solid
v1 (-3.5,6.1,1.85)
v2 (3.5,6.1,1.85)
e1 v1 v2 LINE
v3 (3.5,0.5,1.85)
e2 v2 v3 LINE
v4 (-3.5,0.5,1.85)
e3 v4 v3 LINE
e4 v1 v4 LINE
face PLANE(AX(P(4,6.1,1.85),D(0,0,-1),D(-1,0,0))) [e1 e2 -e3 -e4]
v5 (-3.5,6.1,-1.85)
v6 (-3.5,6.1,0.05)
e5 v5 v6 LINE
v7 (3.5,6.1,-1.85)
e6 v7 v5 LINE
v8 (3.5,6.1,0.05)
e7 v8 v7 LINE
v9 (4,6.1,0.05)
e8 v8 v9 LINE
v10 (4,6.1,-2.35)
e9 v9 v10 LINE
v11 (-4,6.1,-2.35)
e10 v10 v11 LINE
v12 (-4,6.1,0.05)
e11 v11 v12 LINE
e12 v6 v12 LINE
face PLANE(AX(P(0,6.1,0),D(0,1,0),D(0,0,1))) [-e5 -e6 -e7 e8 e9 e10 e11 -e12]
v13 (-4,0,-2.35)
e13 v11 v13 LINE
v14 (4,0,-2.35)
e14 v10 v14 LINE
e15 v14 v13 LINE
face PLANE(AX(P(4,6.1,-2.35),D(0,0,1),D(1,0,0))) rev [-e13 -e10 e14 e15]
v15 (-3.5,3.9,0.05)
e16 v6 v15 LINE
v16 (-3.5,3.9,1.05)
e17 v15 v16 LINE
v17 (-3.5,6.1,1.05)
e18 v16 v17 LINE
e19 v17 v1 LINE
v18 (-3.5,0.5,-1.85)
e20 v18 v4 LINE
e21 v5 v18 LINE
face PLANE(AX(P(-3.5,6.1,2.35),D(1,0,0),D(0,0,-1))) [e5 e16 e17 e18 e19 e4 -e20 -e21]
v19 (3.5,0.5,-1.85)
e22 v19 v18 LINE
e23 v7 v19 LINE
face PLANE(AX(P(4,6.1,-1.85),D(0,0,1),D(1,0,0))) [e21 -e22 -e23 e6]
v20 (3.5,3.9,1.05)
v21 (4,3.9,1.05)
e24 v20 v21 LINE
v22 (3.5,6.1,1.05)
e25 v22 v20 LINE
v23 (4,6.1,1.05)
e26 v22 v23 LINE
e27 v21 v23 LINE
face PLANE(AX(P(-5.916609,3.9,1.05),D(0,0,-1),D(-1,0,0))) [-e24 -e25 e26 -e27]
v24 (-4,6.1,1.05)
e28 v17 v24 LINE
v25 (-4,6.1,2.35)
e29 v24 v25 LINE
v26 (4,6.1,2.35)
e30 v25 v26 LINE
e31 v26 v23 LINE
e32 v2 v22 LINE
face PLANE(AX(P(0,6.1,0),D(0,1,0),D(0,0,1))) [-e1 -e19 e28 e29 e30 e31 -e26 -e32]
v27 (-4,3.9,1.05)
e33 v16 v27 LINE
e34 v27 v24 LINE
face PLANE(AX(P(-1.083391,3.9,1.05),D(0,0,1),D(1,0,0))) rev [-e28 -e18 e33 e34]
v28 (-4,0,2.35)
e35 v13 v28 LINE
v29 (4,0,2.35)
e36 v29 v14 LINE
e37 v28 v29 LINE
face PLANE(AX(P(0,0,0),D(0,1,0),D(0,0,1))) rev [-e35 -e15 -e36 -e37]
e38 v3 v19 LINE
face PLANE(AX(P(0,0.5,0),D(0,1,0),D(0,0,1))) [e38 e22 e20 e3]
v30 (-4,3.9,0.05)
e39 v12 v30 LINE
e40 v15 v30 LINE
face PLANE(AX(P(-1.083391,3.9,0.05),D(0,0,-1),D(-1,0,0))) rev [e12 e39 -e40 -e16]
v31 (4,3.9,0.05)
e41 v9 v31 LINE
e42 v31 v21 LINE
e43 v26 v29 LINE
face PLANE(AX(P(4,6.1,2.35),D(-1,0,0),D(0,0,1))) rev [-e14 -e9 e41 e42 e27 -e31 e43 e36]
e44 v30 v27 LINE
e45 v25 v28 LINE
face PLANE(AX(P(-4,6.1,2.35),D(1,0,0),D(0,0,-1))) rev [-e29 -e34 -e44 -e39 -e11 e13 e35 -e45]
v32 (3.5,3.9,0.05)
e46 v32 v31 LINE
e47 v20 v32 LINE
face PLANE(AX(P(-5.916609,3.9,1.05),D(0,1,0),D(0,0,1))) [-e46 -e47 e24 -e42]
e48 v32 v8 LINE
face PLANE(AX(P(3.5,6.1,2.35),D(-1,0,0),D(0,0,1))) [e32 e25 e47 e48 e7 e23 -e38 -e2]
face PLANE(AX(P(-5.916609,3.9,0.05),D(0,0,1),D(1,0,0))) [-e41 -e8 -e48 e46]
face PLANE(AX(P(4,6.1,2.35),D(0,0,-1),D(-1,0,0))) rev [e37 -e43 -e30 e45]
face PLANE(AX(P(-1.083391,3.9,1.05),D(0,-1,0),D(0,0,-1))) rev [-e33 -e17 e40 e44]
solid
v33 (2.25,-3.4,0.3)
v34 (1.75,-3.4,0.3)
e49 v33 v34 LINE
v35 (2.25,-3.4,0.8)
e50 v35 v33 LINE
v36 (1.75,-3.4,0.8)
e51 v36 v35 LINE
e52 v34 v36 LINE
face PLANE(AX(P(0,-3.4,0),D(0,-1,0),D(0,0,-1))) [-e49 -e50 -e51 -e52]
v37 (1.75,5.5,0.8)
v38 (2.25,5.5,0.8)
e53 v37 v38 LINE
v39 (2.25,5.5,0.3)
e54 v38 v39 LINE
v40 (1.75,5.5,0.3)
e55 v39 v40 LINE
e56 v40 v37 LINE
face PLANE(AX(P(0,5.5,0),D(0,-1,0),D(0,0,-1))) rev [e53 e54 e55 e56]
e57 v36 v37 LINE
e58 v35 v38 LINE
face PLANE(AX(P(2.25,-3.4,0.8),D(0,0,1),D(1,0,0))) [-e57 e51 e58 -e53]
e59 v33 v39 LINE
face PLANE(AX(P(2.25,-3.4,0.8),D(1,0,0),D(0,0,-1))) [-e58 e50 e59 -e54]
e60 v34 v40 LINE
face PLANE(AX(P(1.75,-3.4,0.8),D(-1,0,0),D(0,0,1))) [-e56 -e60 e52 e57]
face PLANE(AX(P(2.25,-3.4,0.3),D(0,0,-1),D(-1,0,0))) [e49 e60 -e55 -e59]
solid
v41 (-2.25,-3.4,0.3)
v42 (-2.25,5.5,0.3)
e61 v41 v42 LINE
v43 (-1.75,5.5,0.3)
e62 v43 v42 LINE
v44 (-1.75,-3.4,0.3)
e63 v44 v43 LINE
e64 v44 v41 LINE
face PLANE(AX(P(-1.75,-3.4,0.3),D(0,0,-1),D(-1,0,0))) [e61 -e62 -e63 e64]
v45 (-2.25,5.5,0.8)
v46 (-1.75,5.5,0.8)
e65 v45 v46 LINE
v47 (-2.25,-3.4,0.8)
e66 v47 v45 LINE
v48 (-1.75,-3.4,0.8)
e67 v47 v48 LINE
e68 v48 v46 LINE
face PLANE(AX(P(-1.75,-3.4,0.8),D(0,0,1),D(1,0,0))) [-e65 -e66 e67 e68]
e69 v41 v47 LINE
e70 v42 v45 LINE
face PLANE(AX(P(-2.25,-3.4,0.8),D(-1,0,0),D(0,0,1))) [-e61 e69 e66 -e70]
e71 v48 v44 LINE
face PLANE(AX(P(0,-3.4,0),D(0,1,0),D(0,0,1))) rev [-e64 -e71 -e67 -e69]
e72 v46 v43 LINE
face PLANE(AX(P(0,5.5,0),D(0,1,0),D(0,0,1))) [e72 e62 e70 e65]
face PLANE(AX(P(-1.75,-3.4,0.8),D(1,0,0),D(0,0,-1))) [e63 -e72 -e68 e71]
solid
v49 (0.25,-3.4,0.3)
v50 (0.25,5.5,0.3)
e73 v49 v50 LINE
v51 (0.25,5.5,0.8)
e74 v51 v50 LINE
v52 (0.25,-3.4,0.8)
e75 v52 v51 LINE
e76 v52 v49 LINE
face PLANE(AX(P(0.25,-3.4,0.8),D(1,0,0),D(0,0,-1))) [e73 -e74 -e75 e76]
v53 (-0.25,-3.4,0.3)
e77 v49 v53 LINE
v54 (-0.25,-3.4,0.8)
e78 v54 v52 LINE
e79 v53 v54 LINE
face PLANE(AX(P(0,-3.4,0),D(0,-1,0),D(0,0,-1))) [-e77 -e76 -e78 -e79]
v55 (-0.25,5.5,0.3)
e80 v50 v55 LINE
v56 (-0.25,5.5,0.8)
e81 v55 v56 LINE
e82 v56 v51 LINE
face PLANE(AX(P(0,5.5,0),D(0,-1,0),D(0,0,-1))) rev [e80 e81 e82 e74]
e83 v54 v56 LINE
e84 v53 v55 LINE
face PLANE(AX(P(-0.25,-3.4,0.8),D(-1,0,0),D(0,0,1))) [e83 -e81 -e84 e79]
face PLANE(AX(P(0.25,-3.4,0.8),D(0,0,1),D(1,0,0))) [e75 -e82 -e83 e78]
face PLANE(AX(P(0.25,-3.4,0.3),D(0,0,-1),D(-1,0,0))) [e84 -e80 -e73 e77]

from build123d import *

# Parameters (mm, degrees)
SKETCH1_W                  = 8
SKETCH1_H                  = 4.7
BOSS_EXTRUDE1_DEPTH        = 6.1
SHELL1_T                   = -0.5
SKETCH2_W                  = 0.5
SKETCH2_H                  = 0.5
BOSS_EXTRUDE2_DEPTH        = 5
BOSS_EXTRUDE2_DEPTH_BACK   = 3.9
BOSS_EXTRUDE2_2_DEPTH      = 5
BOSS_EXTRUDE2_2_DEPTH_BACK = 3.9
BOSS_EXTRUDE2_3_DEPTH      = 5
BOSS_EXTRUDE2_3_DEPTH_BACK = 3.9
SKETCH3_W                  = 1
SKETCH3_H                  = 2.2
CUT_EXTRUDE1_DEPTH         = 7.5


with BuildPart() as part:
    # Sketch1 → Boss-Extrude1 (new body)
    with BuildSketch(Plane(origin=(0, 0, 0), x_dir=(1, 0, 0), z_dir=(0, 1, 0))):
        Rectangle(SKETCH1_W, SKETCH1_H)
    extrude(amount=BOSS_EXTRUDE1_DEPTH)

    # Shell1
    shell1_openings = [part.faces().sort_by_distance(p)[0] for p in [
        (0, 6.1, 0),
    ]]
    offset(amount=SHELL1_T, openings=shell1_openings, kind=Kind.INTERSECTION)

    # Sketch3 → Cut-Extrude1 (cut)
    with BuildSketch(Plane.ZY.offset(4)):
        with Locations((0.55, 5)):
            Rectangle(SKETCH3_W, SKETCH3_H)
    cut_extrude1 = extrude(amount=-CUT_EXTRUDE1_DEPTH, mode=Mode.SUBTRACT)

    # Mirror1: Cut-Extrude1 across plane
    add(cut_extrude1.mirror(Plane(origin=(0, 0, 0), x_dir=(0, 0, 1), z_dir=(1, 0, 0))), mode=Mode.SUBTRACT)


with BuildPart() as body_2:
    # Sketch2 → Boss-Extrude2 (new body, two sides)
    with BuildSketch(Plane(origin=(0, 0.5, 0), x_dir=(1, 0, 0), z_dir=(0, 1, 0))) as boss_extrude2_sk:
        with Locations((0, -0.55)):
            Rectangle(SKETCH2_W, SKETCH2_H)
    extrude(amount=BOSS_EXTRUDE2_DEPTH)
    extrude(boss_extrude2_sk.sketch, amount=-BOSS_EXTRUDE2_DEPTH_BACK)


with BuildPart() as body_3:
    # Sketch2 → Boss-Extrude2 2 (new body, two sides)
    with BuildSketch(Plane(origin=(0, 0.5, 0), x_dir=(1, 0, 0), z_dir=(0, 1, 0))) as boss_extrude2_2_sk:
        with Locations((-2, -0.55)):
            Rectangle(SKETCH2_W, SKETCH2_H)
    extrude(amount=BOSS_EXTRUDE2_2_DEPTH)
    extrude(boss_extrude2_2_sk.sketch, amount=-BOSS_EXTRUDE2_2_DEPTH_BACK)


with BuildPart() as body_4:
    # Sketch2 → Boss-Extrude2 3 (new body, two sides)
    with BuildSketch(Plane(origin=(0, 0.5, 0), x_dir=(1, 0, 0), z_dir=(0, 1, 0))) as boss_extrude2_3_sk:
        with Locations((2, -0.55)):
            Rectangle(SKETCH2_W, SKETCH2_H)
    extrude(amount=BOSS_EXTRUDE2_3_DEPTH)
    extrude(boss_extrude2_3_sk.sketch, amount=-BOSS_EXTRUDE2_3_DEPTH_BACK)


solid = Compound([part.part, body_2.part, body_3.part, body_4.part])
